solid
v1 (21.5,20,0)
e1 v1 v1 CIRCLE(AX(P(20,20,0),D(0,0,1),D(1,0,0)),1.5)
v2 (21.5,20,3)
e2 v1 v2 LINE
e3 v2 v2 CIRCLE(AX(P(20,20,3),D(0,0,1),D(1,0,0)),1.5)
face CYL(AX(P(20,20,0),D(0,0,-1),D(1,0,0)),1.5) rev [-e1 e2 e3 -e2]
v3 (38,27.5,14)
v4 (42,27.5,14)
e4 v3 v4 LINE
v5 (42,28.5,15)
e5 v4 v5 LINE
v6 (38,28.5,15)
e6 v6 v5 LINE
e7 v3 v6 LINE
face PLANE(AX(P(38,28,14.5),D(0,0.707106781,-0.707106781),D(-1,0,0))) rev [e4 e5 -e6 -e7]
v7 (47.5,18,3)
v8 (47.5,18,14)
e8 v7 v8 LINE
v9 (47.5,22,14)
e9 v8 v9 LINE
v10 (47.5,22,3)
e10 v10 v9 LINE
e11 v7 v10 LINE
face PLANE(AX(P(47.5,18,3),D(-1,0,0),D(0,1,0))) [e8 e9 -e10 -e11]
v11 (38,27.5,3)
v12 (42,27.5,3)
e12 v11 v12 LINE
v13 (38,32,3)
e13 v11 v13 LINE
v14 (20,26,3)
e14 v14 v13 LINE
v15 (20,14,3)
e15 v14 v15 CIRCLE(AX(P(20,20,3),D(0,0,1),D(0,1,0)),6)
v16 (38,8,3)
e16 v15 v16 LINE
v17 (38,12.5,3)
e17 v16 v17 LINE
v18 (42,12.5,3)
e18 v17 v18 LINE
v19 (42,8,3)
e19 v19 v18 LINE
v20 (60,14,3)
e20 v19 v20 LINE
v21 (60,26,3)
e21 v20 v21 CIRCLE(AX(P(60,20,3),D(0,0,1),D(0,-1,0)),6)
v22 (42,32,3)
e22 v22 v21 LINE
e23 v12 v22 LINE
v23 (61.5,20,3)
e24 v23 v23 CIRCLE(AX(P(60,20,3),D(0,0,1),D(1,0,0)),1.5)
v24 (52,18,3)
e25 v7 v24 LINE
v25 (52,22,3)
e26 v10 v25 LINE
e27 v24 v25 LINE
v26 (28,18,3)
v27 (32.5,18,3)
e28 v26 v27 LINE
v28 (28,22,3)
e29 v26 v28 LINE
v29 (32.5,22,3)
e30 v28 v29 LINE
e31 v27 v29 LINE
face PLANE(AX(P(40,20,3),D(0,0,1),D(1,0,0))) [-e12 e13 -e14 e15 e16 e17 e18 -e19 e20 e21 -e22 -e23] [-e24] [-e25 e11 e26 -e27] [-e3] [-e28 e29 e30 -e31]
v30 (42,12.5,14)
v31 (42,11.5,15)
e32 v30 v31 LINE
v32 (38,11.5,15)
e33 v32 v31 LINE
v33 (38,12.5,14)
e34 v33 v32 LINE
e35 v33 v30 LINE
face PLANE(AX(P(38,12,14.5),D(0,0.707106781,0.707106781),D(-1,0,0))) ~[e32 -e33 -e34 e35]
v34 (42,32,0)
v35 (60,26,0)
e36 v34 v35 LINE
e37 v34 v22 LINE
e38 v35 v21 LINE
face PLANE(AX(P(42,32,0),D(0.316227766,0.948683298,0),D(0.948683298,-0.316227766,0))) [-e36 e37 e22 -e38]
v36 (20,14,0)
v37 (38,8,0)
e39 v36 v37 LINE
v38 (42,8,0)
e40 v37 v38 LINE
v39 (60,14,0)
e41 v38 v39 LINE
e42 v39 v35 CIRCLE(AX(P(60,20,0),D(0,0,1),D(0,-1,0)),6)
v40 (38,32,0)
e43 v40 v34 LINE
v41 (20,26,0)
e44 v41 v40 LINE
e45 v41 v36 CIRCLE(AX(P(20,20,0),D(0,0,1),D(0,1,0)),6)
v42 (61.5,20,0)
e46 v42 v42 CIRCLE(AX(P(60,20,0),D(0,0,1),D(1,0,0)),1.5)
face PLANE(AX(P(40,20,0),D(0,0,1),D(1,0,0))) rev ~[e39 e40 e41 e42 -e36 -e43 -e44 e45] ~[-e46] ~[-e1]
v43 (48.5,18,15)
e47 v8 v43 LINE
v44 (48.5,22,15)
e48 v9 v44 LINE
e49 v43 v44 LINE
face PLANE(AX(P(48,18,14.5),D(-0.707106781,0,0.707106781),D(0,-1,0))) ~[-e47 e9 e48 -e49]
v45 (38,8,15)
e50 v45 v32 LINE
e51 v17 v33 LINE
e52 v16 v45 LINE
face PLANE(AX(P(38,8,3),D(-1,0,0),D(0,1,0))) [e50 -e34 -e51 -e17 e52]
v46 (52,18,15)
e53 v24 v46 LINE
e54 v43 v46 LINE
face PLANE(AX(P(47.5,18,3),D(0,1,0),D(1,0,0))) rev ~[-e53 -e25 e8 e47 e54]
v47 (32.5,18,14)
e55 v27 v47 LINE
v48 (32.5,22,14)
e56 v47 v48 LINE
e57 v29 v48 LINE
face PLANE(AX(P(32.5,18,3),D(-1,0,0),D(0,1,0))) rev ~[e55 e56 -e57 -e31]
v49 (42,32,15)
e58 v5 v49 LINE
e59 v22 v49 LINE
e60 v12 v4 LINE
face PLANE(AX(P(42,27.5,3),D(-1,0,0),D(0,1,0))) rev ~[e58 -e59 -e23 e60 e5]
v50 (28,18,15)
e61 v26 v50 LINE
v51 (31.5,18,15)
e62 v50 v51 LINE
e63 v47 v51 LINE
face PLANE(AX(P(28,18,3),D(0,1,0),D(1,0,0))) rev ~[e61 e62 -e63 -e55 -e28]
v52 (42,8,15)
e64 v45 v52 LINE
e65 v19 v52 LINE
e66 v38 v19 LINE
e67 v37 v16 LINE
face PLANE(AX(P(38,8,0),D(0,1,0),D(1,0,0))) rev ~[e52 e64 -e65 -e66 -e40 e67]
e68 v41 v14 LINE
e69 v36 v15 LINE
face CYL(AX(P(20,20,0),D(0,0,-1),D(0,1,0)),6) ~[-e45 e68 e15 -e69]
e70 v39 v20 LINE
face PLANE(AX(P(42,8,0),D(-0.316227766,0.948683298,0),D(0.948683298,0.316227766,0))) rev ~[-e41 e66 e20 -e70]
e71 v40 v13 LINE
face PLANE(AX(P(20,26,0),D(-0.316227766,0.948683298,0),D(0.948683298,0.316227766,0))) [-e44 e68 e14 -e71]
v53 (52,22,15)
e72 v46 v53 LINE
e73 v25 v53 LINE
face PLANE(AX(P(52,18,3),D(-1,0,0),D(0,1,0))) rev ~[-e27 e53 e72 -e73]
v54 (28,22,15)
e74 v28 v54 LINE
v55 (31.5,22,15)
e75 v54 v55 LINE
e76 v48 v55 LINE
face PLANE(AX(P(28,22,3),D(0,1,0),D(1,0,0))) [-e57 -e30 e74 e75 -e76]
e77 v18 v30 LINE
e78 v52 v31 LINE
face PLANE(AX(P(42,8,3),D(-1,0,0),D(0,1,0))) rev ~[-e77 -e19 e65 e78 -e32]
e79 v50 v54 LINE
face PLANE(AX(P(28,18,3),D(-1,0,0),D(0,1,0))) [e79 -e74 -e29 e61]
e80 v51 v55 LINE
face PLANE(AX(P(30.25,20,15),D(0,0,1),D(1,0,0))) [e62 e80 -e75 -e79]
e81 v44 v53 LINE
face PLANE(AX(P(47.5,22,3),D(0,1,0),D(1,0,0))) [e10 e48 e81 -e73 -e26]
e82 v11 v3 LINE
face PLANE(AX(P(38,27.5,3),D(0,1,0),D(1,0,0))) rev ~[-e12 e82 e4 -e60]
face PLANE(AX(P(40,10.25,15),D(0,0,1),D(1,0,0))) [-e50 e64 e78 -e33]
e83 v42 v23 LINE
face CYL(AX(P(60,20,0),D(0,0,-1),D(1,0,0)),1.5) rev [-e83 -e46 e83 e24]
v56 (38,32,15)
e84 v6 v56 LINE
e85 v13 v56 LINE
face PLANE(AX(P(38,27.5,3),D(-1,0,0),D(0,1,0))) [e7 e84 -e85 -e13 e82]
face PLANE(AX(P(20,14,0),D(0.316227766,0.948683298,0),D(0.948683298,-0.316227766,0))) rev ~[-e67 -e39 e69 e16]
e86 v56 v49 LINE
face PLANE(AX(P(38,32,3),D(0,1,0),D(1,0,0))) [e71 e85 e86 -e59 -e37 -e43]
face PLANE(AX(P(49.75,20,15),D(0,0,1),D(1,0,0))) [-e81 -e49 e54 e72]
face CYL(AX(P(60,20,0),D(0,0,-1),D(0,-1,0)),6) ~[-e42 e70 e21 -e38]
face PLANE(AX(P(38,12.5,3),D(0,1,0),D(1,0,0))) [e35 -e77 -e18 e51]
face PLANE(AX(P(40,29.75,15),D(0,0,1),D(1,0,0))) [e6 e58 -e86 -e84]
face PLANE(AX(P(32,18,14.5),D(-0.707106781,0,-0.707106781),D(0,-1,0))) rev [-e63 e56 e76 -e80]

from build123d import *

# Parameters (mm, degrees)
SKETCH_R      = 1.5
PAD_DEPTH     = 3
SKETCH001_W   = 4
SKETCH001_H   = 4.5
SKETCH001_W_2 = 4.5
SKETCH001_H_2 = 4
PAD001_DEPTH  = 12
CHAMFER_SIZE  = 1


with BuildPart() as part:
    # Sketch → Pad (new body)
    with BuildSketch(Plane.XY):
        with BuildLine():
            ThreePointArc((20, 26), (14, 20), (20, 14))
            Line((20, 14), (38, 8))
            Line((38, 8), (42, 8))
            Line((42, 8), (60, 14))
            ThreePointArc((60, 14), (66, 20), (60, 26))
            Line((42, 32), (60, 26))
            Line((38, 32), (42, 32))
            Line((20, 26), (38, 32))
        make_face()
        with Locations((20, 20)):
            Circle(SKETCH_R, mode=Mode.SUBTRACT)
        with Locations((60, 20)):
            Circle(SKETCH_R, mode=Mode.SUBTRACT)
    extrude(amount=PAD_DEPTH)

    # Sketch001 (on Face12 of Pad) → Pad001 (join)
    with BuildSketch(Plane.XY.offset(3)):
        with Locations((40, 29.75)):
            Rectangle(SKETCH001_W, SKETCH001_H)
        with Locations((40, 10.25)):
            Rectangle(SKETCH001_W, SKETCH001_H)
        with Locations((30.25, 20)):
            Rectangle(SKETCH001_W_2, SKETCH001_H_2)
        with Locations((49.75, 20)):
            Rectangle(SKETCH001_W_2, SKETCH001_H_2)
    extrude(amount=PAD001_DEPTH)

    # Chamfer
    chamfer_edges = [part.edges().sort_by_distance(p)[0] for p in [
        (32.5, 20, 15),
        (40, 12.5, 15),
        (40, 27.5, 15),
        (47.5, 20, 15),
    ]]
    chamfer(chamfer_edges, length=CHAMFER_SIZE)


solid = part.part
